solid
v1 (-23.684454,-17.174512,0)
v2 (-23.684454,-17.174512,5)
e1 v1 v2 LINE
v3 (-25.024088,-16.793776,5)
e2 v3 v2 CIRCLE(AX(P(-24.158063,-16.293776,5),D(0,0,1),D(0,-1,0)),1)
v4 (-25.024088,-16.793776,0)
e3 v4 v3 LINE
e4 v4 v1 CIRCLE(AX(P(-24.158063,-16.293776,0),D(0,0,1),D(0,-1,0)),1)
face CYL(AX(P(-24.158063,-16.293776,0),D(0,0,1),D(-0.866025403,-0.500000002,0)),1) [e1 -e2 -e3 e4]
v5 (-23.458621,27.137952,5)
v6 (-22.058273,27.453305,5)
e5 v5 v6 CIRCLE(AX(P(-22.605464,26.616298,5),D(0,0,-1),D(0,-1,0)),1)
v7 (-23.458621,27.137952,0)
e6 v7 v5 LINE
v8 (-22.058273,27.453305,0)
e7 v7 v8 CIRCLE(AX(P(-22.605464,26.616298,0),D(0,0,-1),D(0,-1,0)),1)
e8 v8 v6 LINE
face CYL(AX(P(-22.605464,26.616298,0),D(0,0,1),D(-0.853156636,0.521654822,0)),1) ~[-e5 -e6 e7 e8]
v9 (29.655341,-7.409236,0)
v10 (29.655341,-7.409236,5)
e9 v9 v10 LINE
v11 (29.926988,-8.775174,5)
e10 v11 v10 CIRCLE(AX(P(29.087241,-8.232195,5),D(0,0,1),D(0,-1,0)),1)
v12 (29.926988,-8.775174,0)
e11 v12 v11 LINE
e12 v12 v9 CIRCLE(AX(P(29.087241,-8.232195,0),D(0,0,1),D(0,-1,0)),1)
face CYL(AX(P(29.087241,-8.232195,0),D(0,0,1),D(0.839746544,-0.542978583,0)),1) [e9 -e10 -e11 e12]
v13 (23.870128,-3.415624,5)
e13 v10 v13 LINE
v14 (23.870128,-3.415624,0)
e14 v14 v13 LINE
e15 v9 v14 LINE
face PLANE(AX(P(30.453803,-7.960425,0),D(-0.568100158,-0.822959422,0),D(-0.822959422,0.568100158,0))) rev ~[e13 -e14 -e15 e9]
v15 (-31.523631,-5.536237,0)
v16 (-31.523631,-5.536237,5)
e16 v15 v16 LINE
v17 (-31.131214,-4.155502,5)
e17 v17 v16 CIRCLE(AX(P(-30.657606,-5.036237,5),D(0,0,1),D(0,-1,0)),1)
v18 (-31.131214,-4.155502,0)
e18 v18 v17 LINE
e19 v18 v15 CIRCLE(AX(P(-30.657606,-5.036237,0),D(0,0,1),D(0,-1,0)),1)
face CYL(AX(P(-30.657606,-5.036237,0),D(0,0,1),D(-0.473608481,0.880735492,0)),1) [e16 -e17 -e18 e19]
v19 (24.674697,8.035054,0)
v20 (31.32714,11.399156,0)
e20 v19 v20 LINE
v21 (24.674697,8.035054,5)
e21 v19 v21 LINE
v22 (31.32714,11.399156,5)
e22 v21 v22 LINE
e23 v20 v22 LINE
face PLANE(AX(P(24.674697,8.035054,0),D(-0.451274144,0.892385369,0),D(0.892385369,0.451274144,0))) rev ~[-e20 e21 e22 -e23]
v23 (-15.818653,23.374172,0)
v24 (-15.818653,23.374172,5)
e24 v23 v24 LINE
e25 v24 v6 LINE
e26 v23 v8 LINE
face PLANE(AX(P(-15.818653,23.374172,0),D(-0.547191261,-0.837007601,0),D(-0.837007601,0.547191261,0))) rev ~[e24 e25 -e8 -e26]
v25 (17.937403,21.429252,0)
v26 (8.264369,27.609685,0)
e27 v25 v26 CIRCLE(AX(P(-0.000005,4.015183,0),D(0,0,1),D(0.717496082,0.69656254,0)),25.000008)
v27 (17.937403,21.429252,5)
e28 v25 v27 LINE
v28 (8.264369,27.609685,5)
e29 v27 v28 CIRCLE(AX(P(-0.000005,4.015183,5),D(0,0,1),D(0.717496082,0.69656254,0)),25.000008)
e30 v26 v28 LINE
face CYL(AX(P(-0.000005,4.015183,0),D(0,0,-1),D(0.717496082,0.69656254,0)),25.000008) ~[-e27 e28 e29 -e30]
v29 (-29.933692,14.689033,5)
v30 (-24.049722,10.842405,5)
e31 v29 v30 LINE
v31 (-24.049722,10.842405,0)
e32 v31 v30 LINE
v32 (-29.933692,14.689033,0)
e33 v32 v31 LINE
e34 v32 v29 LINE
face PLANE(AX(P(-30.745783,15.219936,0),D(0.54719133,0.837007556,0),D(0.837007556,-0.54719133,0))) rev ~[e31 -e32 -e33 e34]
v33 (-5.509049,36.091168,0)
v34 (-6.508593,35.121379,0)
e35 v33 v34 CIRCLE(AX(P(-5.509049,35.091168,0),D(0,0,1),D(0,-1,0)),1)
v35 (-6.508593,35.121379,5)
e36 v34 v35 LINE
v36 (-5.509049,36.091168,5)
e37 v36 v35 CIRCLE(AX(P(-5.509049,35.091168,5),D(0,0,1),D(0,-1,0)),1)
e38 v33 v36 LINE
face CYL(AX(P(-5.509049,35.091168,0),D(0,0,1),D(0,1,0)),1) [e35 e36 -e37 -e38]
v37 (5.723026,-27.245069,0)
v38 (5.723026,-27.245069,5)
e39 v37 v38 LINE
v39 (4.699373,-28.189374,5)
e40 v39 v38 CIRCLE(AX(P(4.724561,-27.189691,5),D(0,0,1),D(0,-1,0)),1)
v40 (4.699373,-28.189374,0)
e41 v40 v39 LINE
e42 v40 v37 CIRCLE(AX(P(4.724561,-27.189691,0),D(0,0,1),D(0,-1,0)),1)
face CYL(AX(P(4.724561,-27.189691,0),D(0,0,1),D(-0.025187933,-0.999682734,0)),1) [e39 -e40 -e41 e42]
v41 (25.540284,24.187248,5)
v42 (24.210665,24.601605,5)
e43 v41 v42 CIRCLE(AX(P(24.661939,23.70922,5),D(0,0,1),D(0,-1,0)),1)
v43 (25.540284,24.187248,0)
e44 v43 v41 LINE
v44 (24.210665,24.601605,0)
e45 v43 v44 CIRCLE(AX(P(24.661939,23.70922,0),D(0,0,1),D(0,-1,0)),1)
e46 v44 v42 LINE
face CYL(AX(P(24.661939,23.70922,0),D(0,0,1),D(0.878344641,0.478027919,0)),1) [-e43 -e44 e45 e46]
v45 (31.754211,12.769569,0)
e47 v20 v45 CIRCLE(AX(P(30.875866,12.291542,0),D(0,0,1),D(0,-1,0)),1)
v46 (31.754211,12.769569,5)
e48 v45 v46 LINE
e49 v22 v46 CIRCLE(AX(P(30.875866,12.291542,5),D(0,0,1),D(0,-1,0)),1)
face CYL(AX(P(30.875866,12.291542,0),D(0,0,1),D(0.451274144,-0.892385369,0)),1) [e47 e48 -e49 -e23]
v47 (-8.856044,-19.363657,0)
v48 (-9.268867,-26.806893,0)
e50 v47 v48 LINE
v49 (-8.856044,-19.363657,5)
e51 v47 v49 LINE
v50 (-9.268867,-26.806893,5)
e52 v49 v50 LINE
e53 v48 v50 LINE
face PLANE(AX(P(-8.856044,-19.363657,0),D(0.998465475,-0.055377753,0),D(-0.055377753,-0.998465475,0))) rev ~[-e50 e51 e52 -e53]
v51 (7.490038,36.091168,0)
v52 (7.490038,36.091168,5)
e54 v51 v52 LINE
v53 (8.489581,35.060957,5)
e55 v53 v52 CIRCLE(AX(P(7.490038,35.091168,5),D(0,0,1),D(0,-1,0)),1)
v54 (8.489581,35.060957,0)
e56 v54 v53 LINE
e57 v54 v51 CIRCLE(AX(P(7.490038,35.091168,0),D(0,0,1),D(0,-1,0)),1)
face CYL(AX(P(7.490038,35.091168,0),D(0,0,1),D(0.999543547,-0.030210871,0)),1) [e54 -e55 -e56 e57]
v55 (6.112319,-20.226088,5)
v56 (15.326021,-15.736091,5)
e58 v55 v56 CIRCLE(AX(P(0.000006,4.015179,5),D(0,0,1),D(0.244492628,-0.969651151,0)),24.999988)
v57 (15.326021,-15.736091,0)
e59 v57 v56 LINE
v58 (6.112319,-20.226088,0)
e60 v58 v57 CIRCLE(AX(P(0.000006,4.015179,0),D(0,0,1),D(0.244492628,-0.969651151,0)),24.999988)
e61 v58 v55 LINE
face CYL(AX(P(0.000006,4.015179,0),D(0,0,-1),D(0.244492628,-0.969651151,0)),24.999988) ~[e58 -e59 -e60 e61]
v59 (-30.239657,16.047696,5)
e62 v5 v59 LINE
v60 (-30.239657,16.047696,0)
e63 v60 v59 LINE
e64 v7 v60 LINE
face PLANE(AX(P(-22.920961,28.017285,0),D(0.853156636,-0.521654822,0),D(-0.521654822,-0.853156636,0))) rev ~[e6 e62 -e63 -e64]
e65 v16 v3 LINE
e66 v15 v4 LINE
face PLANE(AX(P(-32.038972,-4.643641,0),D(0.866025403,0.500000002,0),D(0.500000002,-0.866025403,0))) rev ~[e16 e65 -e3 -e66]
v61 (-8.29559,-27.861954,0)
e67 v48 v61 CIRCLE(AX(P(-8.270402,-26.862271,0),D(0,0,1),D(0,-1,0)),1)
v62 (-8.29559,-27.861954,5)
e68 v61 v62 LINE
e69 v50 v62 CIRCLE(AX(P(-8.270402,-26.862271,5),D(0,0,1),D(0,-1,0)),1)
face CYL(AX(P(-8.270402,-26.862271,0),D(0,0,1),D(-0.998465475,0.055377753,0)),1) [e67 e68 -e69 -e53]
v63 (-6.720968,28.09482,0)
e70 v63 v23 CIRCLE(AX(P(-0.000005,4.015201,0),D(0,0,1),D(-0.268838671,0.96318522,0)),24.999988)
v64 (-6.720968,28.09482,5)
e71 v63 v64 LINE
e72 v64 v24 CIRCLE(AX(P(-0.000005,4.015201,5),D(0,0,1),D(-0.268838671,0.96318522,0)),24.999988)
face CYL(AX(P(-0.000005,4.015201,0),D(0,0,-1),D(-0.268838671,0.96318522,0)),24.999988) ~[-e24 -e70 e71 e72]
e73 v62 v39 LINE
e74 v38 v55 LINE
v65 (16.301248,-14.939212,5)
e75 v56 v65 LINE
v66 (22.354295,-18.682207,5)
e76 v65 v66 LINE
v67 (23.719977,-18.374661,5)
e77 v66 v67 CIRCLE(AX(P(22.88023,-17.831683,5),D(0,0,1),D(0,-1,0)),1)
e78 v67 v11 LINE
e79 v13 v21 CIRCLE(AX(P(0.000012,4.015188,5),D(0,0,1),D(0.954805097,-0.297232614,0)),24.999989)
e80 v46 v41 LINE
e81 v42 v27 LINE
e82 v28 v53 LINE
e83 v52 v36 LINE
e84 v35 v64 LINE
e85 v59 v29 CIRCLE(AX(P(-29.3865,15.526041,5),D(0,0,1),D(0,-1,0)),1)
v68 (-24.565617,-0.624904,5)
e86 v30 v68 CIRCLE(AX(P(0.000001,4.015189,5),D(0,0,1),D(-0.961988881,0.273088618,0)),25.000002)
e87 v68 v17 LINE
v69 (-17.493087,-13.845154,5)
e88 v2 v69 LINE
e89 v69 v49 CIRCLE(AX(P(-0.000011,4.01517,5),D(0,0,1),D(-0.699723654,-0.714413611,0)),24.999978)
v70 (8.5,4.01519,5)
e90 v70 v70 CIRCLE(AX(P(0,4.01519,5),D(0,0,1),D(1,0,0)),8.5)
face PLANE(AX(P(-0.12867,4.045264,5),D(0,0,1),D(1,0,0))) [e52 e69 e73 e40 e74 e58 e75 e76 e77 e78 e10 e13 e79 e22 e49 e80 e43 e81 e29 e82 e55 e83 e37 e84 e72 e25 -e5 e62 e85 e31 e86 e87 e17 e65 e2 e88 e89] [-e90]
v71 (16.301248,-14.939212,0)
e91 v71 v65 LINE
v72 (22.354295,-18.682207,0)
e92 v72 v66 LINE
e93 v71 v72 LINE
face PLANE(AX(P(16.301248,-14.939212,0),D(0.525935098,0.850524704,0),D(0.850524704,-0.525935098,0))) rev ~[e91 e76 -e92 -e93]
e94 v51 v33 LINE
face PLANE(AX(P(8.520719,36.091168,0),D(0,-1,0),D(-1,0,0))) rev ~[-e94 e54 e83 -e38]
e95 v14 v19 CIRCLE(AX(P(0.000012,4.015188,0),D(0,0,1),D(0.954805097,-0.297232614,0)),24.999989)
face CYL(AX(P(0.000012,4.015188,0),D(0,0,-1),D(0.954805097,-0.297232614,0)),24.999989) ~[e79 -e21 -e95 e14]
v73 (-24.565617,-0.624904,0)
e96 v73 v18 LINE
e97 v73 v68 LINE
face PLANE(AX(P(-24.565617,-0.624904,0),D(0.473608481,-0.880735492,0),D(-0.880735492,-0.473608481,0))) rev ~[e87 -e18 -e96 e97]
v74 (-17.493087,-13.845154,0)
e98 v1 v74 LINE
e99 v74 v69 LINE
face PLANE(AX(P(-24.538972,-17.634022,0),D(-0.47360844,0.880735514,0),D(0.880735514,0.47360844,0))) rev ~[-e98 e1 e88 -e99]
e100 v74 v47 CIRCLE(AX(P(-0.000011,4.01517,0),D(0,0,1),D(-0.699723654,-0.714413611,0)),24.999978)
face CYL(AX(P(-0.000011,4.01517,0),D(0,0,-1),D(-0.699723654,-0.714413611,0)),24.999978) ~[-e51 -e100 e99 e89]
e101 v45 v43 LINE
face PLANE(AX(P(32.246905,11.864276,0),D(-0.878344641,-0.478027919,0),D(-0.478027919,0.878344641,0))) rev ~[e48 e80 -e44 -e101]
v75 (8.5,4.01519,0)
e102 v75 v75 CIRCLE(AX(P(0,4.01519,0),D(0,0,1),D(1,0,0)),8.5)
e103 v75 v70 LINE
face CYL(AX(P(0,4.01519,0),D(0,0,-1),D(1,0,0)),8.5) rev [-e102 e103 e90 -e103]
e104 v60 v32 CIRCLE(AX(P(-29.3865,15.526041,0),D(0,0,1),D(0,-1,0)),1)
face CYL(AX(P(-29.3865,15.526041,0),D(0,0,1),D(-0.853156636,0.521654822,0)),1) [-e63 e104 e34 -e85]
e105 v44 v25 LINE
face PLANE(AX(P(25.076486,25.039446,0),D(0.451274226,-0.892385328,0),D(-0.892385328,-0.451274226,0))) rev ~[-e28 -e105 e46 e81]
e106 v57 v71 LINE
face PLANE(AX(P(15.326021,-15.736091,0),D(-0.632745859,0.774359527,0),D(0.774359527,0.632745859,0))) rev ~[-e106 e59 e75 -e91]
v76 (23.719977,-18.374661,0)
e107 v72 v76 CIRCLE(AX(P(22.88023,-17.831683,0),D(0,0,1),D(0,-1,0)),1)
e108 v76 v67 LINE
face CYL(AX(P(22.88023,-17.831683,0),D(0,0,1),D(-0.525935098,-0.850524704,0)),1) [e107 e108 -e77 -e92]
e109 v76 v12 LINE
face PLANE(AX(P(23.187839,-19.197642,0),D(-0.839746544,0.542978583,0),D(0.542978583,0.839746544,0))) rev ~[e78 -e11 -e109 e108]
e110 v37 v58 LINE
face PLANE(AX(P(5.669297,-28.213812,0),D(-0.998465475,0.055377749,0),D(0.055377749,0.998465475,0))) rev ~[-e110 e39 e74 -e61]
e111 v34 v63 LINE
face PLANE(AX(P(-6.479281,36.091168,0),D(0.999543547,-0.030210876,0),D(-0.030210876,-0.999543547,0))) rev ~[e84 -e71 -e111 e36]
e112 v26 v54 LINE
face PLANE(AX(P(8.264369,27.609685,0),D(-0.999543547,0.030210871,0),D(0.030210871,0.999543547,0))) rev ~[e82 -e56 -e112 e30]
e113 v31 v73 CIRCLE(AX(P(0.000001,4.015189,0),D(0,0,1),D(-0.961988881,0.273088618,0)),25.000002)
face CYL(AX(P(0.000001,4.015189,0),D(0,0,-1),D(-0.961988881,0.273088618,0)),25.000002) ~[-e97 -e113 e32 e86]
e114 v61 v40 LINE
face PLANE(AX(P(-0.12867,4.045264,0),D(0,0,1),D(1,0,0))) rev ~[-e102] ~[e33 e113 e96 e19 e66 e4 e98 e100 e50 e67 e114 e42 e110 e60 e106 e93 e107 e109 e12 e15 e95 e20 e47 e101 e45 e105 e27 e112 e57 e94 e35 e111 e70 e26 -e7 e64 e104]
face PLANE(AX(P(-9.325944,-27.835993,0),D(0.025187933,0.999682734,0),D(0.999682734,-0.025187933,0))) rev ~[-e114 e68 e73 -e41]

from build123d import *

# Parameters (mm, degrees)
F0_R     = 8.5
F1_DEPTH = 5
F2_R     = 1
F3_R     = 1
F4_R     = 1
F5_R     = 1
F6_R     = 1
F7_R     = 1
F8_R     = 1


with BuildPart() as f1:
    # F0 (on Top) → F1 (new body)
    with BuildSketch(Plane.XY):
        with BuildLine():
            Line((-6.479281, 36.091168), (-6.720968, 28.09482))
            ThreePointArc((-6.720968, 28.09482), (-11.514328, 26.205734), (-15.818653, 23.374172))
            Line((-15.818653, 23.374172), (-22.920961, 28.017285))
            Line((-22.920961, 28.017285), (-30.745783, 15.219936))
            Line((-30.745783, 15.219936), (-24.049722, 10.842405))
            ThreePointArc((-24.049722, 10.842405), (-24.974739, 5.138761), (-24.565617, -0.624904))
            Line((-24.565617, -0.624904), (-32.038972, -4.643641))
            Line((-32.038972, -4.643641), (-24.538972, -17.634022))
            Line((-24.538972, -17.634022), (-17.493087, -13.845154))
            ThreePointArc((-17.493087, -13.845154), (-13.460411, -17.051783), (-8.856044, -19.363657))
            Line((-8.856044, -19.363657), (-9.325944, -27.835993))
            Line((-9.325944, -27.835993), (5.669297, -28.213812))
            Line((5.669297, -28.213812), (6.112319, -20.226088))
            ThreePointArc((6.112319, -20.226088), (10.95174, -18.458337), (15.326021, -15.736091))
            Line((15.326021, -15.736091), (16.301248, -14.939212))
            Line((16.301248, -14.939212), (23.187839, -19.197642))
            Line((23.187839, -19.197642), (30.453803, -7.960425))
            Line((30.453803, -7.960425), (23.870128, -3.415624))
            ThreePointArc((23.870128, -3.415624), (24.938515, 2.262912), (24.674697, 8.035054))
            Line((24.674697, 8.035054), (32.246905, 11.864276))
            Line((32.246905, 11.864276), (25.076486, 25.039446))
            Line((25.076486, 25.039446), (17.937403, 21.429252))
            ThreePointArc((17.937403, 21.429252), (13.460411, 25.082162), (8.264369, 27.609685))
            Line((8.264369, 27.609685), (8.520719, 36.091168))
            Line((8.520719, 36.091168), (-6.479281, 36.091168))
        make_face()
        with Locations((0, 4.01519)):
            Circle(F0_R, mode=Mode.SUBTRACT)
    extrude(amount=F1_DEPTH)

    # F2
    f2_edges = [f1.edges().sort_by_distance(p)[0] for p in [
        (-24.538972, -17.634022, 2.5),
        (-32.038972, -4.643641, 2.5),
    ]]
    fillet(f2_edges, radius=F2_R)

    # F3
    f3_edges = [f1.edges().sort_by_distance(p)[0] for p in [
        (-9.325944, -27.835993, 2.5),
    ]]
    fillet(f3_edges, radius=F3_R)

    # F4
    f4_edges = [f1.edges().sort_by_distance(p)[0] for p in [
        (-22.920961, 28.017285, 2.5),
    ]]
    fillet(f4_edges, radius=F4_R)

    # F5
    f5_edges = [f1.edges().sort_by_distance(p)[0] for p in [
        (-30.745783, 15.219936, 2.5),
    ]]
    fillet(f5_edges, radius=F5_R)

    # F6
    f6_edges = [f1.edges().sort_by_distance(p)[0] for p in [
        (5.669297, -28.213812, 2.5),
    ]]
    fillet(f6_edges, radius=F6_R)

    # F7
    f7_edges = [f1.edges().sort_by_distance(p)[0] for p in [
        (23.187839, -19.197642, 2.5),
        (30.453803, -7.960425, 2.5),
        (32.246905, 11.864276, 2.5),
    ]]
    fillet(f7_edges, radius=F7_R)

    # F8
    f8_edges = [f1.edges().sort_by_distance(p)[0] for p in [
        (25.076486, 25.039446, 2.5),
        (8.520719, 36.091168, 2.5),
        (-6.479281, 36.091168, 2.5),
    ]]
    fillet(f8_edges, radius=F8_R)


solid = f1.part
